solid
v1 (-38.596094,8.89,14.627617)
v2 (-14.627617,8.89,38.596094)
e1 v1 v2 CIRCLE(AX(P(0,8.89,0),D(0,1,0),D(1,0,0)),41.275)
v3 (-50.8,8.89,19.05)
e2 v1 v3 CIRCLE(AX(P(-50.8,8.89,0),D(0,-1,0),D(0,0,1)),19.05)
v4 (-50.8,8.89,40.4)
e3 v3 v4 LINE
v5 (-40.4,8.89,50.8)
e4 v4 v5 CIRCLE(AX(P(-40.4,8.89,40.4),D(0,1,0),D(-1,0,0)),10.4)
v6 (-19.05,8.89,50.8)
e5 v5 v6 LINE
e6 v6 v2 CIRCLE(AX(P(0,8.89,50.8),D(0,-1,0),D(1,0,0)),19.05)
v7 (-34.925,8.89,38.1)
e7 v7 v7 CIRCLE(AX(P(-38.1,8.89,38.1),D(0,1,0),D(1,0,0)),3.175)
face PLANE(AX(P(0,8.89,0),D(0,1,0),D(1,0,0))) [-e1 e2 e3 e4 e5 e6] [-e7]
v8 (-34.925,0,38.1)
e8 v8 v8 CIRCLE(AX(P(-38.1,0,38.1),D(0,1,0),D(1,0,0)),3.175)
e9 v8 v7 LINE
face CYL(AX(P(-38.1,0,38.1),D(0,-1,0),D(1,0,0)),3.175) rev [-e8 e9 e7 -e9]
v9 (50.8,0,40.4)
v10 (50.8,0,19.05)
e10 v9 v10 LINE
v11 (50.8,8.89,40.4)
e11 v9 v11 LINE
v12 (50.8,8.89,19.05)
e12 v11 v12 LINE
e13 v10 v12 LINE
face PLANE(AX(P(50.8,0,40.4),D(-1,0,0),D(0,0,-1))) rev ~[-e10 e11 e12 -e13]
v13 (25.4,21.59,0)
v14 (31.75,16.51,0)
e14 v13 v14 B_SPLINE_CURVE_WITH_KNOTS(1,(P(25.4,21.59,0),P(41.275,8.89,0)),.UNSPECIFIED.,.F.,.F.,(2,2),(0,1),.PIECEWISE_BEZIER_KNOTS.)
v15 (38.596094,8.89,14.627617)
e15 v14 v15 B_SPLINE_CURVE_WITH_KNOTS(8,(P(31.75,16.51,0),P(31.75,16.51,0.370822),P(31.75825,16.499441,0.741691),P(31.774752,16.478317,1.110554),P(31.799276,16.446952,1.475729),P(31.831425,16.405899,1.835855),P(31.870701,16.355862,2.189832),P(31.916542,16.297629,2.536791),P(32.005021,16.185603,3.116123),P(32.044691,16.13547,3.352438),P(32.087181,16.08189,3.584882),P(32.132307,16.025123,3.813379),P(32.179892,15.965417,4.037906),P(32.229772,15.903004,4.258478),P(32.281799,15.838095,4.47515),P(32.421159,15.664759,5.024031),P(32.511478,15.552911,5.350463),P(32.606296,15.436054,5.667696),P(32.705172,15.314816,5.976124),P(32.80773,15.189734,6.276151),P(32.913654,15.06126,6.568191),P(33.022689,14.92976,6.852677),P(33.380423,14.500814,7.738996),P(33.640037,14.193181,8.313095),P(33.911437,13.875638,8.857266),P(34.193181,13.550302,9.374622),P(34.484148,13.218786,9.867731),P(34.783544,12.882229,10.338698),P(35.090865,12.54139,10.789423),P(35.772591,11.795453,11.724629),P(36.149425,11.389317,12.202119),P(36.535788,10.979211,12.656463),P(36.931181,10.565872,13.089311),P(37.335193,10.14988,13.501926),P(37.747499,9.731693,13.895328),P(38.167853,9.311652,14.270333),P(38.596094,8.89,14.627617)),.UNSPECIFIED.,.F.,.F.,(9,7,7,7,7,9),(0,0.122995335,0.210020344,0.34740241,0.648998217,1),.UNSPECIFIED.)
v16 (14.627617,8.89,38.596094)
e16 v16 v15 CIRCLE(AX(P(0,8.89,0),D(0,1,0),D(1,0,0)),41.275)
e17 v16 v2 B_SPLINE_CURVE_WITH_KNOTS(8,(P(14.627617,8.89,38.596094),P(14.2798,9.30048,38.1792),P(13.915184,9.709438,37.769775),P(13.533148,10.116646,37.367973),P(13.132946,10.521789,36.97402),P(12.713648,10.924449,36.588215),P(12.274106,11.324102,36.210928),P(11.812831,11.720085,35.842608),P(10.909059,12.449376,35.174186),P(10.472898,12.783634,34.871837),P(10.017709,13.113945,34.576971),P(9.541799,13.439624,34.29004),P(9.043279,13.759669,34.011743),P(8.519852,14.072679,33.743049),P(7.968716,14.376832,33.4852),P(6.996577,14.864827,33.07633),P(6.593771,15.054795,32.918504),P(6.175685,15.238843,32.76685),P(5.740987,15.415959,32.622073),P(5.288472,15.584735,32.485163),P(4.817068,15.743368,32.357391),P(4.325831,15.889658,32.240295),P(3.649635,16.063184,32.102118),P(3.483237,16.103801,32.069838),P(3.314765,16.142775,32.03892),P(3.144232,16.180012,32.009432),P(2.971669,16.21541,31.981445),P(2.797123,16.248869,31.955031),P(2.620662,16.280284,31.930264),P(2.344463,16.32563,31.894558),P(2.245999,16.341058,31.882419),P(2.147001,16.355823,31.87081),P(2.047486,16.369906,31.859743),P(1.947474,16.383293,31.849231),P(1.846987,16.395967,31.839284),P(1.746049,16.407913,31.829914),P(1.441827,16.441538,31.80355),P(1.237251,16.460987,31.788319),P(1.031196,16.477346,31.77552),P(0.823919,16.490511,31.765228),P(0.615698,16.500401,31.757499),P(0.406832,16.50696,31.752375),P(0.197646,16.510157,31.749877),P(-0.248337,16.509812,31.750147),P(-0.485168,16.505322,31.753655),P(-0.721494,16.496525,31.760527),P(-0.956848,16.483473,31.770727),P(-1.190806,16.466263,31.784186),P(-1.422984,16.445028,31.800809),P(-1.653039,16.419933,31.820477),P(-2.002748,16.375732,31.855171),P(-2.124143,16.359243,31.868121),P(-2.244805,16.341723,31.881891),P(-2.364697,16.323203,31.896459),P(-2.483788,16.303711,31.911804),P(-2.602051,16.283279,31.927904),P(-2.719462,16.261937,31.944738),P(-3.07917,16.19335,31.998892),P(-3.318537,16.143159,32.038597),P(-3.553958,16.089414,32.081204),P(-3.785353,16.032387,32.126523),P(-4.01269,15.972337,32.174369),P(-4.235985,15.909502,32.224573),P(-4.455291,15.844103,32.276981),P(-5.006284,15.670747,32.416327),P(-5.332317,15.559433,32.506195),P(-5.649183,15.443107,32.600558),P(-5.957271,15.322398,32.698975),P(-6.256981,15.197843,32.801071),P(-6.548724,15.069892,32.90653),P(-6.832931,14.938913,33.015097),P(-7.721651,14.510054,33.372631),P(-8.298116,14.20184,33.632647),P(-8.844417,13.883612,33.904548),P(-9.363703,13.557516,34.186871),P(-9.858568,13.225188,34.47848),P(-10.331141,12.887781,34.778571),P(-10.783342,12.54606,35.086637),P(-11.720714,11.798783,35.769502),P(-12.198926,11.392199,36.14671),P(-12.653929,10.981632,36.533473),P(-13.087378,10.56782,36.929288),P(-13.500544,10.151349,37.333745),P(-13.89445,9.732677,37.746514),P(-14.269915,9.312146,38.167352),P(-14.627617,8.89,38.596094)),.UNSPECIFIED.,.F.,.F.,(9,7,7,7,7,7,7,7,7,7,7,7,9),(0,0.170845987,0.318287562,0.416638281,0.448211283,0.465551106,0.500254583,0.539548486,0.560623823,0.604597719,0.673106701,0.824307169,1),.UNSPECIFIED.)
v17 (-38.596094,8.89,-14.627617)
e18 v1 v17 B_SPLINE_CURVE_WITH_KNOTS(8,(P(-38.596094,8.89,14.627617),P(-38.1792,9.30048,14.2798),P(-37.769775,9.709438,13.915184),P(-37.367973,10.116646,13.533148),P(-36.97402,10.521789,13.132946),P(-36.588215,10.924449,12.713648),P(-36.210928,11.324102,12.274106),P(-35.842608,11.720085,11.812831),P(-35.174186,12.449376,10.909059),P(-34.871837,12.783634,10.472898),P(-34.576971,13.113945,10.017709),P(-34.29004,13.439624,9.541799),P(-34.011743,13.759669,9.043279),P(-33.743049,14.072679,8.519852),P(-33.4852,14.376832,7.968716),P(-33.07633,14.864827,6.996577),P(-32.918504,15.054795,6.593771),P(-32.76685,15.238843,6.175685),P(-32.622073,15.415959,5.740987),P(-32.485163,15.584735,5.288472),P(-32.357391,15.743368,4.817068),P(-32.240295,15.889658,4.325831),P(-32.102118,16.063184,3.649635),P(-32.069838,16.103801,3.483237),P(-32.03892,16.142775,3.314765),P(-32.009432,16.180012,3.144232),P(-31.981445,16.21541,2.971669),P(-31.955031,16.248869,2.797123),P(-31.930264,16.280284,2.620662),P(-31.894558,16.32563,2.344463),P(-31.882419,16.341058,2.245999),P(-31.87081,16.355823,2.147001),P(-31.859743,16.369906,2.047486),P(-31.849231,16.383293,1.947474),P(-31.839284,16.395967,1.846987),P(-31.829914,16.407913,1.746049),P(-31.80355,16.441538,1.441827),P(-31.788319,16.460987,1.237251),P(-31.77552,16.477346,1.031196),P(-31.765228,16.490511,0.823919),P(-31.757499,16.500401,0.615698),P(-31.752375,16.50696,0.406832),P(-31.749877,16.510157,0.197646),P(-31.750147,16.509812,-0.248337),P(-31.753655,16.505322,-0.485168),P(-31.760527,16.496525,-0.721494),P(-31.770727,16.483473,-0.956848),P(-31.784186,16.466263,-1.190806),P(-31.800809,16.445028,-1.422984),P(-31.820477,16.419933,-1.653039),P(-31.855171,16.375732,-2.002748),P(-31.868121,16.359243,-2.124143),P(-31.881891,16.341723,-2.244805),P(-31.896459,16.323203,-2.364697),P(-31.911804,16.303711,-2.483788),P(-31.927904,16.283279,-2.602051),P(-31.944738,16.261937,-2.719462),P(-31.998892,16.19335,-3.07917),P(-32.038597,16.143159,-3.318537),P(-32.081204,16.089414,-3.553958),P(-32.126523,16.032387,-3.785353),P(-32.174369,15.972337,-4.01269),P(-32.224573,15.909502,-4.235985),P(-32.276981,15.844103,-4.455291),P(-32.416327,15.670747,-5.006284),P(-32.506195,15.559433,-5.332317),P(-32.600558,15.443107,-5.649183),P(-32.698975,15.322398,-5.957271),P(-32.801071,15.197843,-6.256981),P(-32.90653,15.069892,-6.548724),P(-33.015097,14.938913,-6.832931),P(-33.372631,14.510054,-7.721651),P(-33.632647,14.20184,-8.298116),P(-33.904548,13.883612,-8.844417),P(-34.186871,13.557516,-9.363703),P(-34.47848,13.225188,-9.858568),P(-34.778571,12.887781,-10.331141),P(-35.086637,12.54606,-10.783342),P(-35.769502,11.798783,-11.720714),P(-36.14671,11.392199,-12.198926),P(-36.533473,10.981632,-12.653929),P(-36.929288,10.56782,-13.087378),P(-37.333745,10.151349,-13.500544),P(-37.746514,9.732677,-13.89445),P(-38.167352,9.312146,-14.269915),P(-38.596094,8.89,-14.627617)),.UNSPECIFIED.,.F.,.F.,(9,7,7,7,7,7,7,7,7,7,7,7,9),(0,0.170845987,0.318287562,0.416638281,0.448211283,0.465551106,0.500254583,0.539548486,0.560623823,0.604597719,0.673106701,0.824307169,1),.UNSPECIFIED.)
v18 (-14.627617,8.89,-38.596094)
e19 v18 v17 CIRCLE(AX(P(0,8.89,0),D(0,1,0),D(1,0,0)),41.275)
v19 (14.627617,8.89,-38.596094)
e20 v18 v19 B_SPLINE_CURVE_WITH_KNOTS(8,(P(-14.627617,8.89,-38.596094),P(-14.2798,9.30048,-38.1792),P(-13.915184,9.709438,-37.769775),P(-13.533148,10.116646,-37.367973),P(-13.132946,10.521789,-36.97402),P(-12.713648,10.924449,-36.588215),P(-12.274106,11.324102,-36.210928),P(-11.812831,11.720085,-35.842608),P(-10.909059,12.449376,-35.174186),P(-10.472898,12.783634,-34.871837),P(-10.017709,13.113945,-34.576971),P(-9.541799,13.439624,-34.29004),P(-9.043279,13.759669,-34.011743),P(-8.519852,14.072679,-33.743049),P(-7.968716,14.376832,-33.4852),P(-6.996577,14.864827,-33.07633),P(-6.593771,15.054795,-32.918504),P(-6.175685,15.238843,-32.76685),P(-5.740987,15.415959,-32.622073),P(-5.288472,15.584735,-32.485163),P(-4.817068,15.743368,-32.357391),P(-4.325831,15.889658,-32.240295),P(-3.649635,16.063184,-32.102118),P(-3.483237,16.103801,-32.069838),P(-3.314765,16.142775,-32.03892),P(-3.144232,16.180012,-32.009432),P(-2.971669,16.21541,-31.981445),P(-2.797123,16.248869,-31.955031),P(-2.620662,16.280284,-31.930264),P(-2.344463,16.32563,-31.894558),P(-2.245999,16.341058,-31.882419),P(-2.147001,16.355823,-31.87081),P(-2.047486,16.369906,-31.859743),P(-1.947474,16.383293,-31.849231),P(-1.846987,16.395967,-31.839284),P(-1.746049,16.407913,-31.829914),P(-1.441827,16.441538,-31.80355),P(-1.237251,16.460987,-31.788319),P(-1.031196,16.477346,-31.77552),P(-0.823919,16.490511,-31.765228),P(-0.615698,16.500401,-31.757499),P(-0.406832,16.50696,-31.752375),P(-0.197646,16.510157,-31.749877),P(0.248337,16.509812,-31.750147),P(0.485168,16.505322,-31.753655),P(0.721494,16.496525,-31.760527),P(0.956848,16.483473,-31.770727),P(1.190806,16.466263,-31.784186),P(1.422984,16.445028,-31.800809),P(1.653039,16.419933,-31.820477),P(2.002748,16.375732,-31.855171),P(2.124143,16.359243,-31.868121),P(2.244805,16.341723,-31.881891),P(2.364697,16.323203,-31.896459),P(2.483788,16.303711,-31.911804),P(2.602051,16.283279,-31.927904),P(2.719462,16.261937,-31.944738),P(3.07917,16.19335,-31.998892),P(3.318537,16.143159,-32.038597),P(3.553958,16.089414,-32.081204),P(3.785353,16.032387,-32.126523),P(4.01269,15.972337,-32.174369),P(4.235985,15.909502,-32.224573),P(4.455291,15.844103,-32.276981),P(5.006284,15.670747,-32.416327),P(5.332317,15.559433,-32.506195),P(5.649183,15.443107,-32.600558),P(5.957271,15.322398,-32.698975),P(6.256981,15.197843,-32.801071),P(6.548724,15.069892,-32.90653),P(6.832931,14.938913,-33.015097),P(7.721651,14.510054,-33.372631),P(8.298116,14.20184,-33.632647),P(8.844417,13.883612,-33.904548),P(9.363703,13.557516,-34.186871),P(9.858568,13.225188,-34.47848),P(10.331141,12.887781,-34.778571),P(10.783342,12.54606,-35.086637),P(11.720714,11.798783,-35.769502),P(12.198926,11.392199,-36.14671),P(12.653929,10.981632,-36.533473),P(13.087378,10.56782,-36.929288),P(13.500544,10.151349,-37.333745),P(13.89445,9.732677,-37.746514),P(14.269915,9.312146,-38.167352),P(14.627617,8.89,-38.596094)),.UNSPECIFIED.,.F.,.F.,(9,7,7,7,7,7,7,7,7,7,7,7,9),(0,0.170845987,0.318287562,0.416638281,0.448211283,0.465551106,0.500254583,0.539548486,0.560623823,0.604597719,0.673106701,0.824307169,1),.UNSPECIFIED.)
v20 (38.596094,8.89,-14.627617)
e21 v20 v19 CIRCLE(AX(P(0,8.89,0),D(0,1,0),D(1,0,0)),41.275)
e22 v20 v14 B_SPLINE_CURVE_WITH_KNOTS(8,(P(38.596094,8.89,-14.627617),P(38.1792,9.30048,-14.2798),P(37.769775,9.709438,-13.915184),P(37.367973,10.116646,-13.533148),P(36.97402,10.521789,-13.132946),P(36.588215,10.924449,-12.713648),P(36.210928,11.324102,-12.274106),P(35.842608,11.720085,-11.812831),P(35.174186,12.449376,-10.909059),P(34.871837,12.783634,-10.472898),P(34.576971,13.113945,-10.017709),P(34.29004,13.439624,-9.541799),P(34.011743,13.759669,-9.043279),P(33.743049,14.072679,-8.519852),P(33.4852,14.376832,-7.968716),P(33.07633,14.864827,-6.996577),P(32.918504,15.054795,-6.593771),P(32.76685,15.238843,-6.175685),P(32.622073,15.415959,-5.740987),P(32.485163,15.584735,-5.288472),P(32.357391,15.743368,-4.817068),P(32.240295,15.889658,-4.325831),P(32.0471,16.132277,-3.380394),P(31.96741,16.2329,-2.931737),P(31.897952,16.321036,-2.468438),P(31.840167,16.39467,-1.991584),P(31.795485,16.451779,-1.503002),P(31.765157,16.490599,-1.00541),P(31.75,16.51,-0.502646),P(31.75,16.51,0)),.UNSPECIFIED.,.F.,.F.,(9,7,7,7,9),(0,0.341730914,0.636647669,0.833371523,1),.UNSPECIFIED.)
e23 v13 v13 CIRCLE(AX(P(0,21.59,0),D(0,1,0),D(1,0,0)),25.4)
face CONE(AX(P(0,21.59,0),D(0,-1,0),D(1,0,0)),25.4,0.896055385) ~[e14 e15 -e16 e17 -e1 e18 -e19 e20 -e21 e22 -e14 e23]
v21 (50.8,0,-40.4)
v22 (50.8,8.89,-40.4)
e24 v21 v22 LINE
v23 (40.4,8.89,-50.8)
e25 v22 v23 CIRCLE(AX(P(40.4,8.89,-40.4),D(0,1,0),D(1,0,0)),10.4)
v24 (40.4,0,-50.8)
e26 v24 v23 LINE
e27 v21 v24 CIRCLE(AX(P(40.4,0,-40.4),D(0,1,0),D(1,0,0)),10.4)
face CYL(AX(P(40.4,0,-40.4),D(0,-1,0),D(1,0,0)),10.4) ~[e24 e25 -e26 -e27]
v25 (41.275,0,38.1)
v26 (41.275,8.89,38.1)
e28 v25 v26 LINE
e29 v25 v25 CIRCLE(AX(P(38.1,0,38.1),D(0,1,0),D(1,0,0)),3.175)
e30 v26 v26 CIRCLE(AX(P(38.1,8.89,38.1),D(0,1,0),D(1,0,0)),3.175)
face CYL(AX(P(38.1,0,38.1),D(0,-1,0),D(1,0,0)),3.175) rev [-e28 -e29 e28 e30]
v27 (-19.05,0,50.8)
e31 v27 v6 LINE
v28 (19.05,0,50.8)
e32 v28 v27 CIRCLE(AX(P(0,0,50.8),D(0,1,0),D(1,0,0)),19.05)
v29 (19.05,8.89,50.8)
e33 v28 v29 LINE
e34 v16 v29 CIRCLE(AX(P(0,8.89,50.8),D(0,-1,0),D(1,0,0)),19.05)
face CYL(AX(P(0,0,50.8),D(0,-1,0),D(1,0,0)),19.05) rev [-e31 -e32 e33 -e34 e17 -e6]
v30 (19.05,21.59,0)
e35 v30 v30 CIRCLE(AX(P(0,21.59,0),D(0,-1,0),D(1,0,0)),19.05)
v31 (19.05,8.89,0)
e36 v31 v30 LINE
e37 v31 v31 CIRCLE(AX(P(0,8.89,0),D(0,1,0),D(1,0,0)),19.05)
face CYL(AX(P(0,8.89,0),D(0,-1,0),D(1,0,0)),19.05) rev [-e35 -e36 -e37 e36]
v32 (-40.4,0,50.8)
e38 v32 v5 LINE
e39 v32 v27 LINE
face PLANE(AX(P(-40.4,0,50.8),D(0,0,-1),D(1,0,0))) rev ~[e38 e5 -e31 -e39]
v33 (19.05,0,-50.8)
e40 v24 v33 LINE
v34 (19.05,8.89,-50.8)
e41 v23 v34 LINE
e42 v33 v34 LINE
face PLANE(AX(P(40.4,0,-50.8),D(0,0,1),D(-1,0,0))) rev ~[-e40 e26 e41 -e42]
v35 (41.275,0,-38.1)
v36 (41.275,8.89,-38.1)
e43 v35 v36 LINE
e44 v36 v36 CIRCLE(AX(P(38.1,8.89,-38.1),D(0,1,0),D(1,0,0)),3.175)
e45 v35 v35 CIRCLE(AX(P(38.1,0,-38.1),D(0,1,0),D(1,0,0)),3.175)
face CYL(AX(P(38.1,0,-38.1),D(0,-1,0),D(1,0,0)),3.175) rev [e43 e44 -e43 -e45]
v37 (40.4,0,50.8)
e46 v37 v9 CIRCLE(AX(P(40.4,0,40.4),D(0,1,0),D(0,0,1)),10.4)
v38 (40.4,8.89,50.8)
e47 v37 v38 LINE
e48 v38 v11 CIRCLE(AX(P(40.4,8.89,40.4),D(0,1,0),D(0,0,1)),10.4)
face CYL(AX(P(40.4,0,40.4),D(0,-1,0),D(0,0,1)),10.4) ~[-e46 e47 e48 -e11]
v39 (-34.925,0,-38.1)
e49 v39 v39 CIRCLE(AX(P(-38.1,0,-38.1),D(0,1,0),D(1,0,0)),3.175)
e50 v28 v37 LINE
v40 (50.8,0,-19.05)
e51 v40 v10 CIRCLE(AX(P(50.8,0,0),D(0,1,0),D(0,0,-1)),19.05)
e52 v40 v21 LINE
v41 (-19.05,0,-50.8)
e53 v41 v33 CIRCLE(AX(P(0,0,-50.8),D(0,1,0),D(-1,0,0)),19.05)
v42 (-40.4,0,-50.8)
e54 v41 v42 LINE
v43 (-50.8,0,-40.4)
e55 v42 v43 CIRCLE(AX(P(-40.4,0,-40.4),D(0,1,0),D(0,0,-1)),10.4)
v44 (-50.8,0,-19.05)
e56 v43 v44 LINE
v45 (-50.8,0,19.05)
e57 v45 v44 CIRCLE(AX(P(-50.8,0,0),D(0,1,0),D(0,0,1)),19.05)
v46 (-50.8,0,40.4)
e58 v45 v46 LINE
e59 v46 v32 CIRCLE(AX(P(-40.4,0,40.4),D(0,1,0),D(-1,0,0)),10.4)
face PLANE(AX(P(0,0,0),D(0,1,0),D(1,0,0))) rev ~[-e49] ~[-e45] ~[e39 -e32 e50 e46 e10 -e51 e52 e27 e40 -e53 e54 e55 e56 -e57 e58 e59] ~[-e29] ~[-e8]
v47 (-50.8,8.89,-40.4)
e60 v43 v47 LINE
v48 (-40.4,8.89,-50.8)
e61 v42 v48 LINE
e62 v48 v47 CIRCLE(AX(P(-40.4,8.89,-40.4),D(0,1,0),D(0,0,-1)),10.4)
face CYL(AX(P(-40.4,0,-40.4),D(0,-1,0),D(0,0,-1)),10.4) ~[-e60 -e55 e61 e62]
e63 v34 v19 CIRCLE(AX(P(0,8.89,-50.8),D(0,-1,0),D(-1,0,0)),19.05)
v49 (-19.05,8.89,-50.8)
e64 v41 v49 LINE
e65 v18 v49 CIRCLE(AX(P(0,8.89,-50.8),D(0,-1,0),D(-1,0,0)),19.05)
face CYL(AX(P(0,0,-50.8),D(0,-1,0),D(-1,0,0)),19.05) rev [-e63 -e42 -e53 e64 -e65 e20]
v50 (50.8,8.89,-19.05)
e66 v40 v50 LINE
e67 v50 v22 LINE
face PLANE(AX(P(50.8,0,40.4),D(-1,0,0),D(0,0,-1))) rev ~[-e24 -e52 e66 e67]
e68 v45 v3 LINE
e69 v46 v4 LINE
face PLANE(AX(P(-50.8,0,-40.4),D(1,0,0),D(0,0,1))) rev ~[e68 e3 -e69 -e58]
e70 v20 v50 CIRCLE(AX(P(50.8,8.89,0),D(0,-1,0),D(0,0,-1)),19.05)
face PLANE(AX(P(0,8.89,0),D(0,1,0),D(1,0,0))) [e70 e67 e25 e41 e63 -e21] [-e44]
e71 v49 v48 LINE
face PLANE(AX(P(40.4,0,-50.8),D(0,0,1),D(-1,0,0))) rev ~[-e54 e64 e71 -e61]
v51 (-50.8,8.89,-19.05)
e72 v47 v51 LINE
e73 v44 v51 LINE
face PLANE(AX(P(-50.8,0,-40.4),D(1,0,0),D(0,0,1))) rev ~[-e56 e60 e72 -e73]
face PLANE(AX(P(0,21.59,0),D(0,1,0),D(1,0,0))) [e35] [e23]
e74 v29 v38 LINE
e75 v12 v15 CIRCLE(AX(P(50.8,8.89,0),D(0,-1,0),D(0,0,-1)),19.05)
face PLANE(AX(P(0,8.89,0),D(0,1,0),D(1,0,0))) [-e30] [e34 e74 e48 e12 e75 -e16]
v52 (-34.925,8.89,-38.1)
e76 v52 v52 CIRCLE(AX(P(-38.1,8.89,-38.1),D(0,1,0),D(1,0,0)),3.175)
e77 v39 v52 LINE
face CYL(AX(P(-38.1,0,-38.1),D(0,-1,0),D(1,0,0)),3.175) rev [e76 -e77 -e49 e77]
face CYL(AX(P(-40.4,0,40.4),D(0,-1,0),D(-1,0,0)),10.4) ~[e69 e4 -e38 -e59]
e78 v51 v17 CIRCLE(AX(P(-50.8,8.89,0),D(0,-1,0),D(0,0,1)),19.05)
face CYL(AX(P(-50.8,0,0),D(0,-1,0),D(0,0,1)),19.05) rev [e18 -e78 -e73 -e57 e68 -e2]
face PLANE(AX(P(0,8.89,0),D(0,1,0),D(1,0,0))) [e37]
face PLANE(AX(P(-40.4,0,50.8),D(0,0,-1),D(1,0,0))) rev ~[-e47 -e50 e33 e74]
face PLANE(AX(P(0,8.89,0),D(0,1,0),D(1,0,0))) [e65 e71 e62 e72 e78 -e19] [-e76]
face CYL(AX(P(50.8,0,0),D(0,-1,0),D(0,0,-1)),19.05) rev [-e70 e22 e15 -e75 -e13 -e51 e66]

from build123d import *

# Parameters (mm, degrees)
SKETCH2_R           = 3.175
BOSS_EXTRUDE2_DEPTH = 8.89
SKETCH4_R           = 25.4
SKETCH4_R_2         = 19.05
BOSS_EXTRUDE3_DEPTH = 12.7
SKETCH4_3_R         = 41.275
SKETCH4_4_R         = 19.05
CUT_EXTRUDE1_DEPTH  = 73.955945628
CUT_EXTRUDE2_DEPTH  = 76.016052311


with BuildPart() as part:
    # Sketch2 → Boss-Extrude2 (new body)
    with BuildSketch(Plane(origin=(0, 0, 0), x_dir=(1, 0, 0), z_dir=(0, 1, 0))):
        with BuildLine():
            Line((-40.4, -50.8), (40.4, -50.8))
            ThreePointArc((40.4, -50.8), (47.753910524, -47.753910524), (50.8, -40.4))
            Line((50.8, -40.4), (50.8, 40.4))
            ThreePointArc((50.8, 40.4), (47.753910524, 47.753910524), (40.4, 50.8))
            Line((40.4, 50.8), (-40.4, 50.8))
            ThreePointArc((-40.4, 50.8), (-47.753910524, 47.753910524), (-50.8, 40.4))
            Line((-50.8, 40.4), (-50.8, -40.4))
            ThreePointArc((-50.8, -40.4), (-47.753910524, -47.753910524), (-40.4, -50.8))
        make_face()
        with Locations((-38.1, -38.1)):
            Circle(SKETCH2_R, mode=Mode.SUBTRACT)
        with Locations((38.1, -38.1)):
            Circle(SKETCH2_R, mode=Mode.SUBTRACT)
        with Locations((-38.1, 38.1)):
            Circle(SKETCH2_R, mode=Mode.SUBTRACT)
        with Locations((38.1, 38.1)):
            Circle(SKETCH2_R, mode=Mode.SUBTRACT)
    extrude(amount=BOSS_EXTRUDE2_DEPTH)

    # Sketch4 → Boss-Extrude3 (add)
    with BuildSketch(Plane(origin=(0, 8.89, 0), x_dir=(1, 0, 0), z_dir=(0, 1, 0))):
        Circle(SKETCH4_R)
        Circle(SKETCH4_R_2, mode=Mode.SUBTRACT)
    extrude(amount=BOSS_EXTRUDE3_DEPTH)

    # Sketch4<3> → section 1 of loft1
    with BuildSketch(Plane(origin=(0, 8.89, 0), x_dir=(1, 0, 0), z_dir=(0, 1, 0)), mode=Mode.PRIVATE) as loft1_s1:
        Circle(SKETCH4_3_R)
    # loft up to a face of the part (loft1)
    loft([Face(Wire([part.edges().sort_by_distance((-17.387496491, 21.59, -18.515803137))[0]])), loft1_s1.sketch])

    # Sketch4<4> → Cut-Extrude1 (cut, through all)
    with BuildSketch(Plane(origin=(0, 8.89, 0), x_dir=(1, 0, 0), z_dir=(0, 1, 0))):
        Circle(SKETCH4_4_R)
    extrude(amount=CUT_EXTRUDE1_DEPTH, mode=Mode.SUBTRACT)

    # Sketch2<3> → Cut-Extrude2 (cut, through all)
    with BuildSketch(Plane(origin=(0, 0, 0), x_dir=(1, 0, 0), z_dir=(0, 1, 0))):
        with BuildLine():
            Line((-19.05, -50.8), (19.05, -50.8))
            ThreePointArc((19.05, -50.8), (0, -31.75), (-19.05, -50.8))
        make_face()
        with BuildLine():
            ThreePointArc((50.8, 19.05), (31.75, 0), (50.8, -19.05))
            Line((50.8, -19.05), (50.8, 19.05))
        make_face()
        with BuildLine():
            Line((-50.8, 19.05), (-50.8, -19.05))
            ThreePointArc((-50.8, -19.05), (-31.75, 0), (-50.8, 19.05))
        make_face()
        with BuildLine():
            ThreePointArc((-19.05, 50.8), (0, 31.75), (19.05, 50.8))
            Line((19.05, 50.8), (-19.05, 50.8))
        make_face()
    extrude(amount=CUT_EXTRUDE2_DEPTH, mode=Mode.SUBTRACT)


solid = part.part
